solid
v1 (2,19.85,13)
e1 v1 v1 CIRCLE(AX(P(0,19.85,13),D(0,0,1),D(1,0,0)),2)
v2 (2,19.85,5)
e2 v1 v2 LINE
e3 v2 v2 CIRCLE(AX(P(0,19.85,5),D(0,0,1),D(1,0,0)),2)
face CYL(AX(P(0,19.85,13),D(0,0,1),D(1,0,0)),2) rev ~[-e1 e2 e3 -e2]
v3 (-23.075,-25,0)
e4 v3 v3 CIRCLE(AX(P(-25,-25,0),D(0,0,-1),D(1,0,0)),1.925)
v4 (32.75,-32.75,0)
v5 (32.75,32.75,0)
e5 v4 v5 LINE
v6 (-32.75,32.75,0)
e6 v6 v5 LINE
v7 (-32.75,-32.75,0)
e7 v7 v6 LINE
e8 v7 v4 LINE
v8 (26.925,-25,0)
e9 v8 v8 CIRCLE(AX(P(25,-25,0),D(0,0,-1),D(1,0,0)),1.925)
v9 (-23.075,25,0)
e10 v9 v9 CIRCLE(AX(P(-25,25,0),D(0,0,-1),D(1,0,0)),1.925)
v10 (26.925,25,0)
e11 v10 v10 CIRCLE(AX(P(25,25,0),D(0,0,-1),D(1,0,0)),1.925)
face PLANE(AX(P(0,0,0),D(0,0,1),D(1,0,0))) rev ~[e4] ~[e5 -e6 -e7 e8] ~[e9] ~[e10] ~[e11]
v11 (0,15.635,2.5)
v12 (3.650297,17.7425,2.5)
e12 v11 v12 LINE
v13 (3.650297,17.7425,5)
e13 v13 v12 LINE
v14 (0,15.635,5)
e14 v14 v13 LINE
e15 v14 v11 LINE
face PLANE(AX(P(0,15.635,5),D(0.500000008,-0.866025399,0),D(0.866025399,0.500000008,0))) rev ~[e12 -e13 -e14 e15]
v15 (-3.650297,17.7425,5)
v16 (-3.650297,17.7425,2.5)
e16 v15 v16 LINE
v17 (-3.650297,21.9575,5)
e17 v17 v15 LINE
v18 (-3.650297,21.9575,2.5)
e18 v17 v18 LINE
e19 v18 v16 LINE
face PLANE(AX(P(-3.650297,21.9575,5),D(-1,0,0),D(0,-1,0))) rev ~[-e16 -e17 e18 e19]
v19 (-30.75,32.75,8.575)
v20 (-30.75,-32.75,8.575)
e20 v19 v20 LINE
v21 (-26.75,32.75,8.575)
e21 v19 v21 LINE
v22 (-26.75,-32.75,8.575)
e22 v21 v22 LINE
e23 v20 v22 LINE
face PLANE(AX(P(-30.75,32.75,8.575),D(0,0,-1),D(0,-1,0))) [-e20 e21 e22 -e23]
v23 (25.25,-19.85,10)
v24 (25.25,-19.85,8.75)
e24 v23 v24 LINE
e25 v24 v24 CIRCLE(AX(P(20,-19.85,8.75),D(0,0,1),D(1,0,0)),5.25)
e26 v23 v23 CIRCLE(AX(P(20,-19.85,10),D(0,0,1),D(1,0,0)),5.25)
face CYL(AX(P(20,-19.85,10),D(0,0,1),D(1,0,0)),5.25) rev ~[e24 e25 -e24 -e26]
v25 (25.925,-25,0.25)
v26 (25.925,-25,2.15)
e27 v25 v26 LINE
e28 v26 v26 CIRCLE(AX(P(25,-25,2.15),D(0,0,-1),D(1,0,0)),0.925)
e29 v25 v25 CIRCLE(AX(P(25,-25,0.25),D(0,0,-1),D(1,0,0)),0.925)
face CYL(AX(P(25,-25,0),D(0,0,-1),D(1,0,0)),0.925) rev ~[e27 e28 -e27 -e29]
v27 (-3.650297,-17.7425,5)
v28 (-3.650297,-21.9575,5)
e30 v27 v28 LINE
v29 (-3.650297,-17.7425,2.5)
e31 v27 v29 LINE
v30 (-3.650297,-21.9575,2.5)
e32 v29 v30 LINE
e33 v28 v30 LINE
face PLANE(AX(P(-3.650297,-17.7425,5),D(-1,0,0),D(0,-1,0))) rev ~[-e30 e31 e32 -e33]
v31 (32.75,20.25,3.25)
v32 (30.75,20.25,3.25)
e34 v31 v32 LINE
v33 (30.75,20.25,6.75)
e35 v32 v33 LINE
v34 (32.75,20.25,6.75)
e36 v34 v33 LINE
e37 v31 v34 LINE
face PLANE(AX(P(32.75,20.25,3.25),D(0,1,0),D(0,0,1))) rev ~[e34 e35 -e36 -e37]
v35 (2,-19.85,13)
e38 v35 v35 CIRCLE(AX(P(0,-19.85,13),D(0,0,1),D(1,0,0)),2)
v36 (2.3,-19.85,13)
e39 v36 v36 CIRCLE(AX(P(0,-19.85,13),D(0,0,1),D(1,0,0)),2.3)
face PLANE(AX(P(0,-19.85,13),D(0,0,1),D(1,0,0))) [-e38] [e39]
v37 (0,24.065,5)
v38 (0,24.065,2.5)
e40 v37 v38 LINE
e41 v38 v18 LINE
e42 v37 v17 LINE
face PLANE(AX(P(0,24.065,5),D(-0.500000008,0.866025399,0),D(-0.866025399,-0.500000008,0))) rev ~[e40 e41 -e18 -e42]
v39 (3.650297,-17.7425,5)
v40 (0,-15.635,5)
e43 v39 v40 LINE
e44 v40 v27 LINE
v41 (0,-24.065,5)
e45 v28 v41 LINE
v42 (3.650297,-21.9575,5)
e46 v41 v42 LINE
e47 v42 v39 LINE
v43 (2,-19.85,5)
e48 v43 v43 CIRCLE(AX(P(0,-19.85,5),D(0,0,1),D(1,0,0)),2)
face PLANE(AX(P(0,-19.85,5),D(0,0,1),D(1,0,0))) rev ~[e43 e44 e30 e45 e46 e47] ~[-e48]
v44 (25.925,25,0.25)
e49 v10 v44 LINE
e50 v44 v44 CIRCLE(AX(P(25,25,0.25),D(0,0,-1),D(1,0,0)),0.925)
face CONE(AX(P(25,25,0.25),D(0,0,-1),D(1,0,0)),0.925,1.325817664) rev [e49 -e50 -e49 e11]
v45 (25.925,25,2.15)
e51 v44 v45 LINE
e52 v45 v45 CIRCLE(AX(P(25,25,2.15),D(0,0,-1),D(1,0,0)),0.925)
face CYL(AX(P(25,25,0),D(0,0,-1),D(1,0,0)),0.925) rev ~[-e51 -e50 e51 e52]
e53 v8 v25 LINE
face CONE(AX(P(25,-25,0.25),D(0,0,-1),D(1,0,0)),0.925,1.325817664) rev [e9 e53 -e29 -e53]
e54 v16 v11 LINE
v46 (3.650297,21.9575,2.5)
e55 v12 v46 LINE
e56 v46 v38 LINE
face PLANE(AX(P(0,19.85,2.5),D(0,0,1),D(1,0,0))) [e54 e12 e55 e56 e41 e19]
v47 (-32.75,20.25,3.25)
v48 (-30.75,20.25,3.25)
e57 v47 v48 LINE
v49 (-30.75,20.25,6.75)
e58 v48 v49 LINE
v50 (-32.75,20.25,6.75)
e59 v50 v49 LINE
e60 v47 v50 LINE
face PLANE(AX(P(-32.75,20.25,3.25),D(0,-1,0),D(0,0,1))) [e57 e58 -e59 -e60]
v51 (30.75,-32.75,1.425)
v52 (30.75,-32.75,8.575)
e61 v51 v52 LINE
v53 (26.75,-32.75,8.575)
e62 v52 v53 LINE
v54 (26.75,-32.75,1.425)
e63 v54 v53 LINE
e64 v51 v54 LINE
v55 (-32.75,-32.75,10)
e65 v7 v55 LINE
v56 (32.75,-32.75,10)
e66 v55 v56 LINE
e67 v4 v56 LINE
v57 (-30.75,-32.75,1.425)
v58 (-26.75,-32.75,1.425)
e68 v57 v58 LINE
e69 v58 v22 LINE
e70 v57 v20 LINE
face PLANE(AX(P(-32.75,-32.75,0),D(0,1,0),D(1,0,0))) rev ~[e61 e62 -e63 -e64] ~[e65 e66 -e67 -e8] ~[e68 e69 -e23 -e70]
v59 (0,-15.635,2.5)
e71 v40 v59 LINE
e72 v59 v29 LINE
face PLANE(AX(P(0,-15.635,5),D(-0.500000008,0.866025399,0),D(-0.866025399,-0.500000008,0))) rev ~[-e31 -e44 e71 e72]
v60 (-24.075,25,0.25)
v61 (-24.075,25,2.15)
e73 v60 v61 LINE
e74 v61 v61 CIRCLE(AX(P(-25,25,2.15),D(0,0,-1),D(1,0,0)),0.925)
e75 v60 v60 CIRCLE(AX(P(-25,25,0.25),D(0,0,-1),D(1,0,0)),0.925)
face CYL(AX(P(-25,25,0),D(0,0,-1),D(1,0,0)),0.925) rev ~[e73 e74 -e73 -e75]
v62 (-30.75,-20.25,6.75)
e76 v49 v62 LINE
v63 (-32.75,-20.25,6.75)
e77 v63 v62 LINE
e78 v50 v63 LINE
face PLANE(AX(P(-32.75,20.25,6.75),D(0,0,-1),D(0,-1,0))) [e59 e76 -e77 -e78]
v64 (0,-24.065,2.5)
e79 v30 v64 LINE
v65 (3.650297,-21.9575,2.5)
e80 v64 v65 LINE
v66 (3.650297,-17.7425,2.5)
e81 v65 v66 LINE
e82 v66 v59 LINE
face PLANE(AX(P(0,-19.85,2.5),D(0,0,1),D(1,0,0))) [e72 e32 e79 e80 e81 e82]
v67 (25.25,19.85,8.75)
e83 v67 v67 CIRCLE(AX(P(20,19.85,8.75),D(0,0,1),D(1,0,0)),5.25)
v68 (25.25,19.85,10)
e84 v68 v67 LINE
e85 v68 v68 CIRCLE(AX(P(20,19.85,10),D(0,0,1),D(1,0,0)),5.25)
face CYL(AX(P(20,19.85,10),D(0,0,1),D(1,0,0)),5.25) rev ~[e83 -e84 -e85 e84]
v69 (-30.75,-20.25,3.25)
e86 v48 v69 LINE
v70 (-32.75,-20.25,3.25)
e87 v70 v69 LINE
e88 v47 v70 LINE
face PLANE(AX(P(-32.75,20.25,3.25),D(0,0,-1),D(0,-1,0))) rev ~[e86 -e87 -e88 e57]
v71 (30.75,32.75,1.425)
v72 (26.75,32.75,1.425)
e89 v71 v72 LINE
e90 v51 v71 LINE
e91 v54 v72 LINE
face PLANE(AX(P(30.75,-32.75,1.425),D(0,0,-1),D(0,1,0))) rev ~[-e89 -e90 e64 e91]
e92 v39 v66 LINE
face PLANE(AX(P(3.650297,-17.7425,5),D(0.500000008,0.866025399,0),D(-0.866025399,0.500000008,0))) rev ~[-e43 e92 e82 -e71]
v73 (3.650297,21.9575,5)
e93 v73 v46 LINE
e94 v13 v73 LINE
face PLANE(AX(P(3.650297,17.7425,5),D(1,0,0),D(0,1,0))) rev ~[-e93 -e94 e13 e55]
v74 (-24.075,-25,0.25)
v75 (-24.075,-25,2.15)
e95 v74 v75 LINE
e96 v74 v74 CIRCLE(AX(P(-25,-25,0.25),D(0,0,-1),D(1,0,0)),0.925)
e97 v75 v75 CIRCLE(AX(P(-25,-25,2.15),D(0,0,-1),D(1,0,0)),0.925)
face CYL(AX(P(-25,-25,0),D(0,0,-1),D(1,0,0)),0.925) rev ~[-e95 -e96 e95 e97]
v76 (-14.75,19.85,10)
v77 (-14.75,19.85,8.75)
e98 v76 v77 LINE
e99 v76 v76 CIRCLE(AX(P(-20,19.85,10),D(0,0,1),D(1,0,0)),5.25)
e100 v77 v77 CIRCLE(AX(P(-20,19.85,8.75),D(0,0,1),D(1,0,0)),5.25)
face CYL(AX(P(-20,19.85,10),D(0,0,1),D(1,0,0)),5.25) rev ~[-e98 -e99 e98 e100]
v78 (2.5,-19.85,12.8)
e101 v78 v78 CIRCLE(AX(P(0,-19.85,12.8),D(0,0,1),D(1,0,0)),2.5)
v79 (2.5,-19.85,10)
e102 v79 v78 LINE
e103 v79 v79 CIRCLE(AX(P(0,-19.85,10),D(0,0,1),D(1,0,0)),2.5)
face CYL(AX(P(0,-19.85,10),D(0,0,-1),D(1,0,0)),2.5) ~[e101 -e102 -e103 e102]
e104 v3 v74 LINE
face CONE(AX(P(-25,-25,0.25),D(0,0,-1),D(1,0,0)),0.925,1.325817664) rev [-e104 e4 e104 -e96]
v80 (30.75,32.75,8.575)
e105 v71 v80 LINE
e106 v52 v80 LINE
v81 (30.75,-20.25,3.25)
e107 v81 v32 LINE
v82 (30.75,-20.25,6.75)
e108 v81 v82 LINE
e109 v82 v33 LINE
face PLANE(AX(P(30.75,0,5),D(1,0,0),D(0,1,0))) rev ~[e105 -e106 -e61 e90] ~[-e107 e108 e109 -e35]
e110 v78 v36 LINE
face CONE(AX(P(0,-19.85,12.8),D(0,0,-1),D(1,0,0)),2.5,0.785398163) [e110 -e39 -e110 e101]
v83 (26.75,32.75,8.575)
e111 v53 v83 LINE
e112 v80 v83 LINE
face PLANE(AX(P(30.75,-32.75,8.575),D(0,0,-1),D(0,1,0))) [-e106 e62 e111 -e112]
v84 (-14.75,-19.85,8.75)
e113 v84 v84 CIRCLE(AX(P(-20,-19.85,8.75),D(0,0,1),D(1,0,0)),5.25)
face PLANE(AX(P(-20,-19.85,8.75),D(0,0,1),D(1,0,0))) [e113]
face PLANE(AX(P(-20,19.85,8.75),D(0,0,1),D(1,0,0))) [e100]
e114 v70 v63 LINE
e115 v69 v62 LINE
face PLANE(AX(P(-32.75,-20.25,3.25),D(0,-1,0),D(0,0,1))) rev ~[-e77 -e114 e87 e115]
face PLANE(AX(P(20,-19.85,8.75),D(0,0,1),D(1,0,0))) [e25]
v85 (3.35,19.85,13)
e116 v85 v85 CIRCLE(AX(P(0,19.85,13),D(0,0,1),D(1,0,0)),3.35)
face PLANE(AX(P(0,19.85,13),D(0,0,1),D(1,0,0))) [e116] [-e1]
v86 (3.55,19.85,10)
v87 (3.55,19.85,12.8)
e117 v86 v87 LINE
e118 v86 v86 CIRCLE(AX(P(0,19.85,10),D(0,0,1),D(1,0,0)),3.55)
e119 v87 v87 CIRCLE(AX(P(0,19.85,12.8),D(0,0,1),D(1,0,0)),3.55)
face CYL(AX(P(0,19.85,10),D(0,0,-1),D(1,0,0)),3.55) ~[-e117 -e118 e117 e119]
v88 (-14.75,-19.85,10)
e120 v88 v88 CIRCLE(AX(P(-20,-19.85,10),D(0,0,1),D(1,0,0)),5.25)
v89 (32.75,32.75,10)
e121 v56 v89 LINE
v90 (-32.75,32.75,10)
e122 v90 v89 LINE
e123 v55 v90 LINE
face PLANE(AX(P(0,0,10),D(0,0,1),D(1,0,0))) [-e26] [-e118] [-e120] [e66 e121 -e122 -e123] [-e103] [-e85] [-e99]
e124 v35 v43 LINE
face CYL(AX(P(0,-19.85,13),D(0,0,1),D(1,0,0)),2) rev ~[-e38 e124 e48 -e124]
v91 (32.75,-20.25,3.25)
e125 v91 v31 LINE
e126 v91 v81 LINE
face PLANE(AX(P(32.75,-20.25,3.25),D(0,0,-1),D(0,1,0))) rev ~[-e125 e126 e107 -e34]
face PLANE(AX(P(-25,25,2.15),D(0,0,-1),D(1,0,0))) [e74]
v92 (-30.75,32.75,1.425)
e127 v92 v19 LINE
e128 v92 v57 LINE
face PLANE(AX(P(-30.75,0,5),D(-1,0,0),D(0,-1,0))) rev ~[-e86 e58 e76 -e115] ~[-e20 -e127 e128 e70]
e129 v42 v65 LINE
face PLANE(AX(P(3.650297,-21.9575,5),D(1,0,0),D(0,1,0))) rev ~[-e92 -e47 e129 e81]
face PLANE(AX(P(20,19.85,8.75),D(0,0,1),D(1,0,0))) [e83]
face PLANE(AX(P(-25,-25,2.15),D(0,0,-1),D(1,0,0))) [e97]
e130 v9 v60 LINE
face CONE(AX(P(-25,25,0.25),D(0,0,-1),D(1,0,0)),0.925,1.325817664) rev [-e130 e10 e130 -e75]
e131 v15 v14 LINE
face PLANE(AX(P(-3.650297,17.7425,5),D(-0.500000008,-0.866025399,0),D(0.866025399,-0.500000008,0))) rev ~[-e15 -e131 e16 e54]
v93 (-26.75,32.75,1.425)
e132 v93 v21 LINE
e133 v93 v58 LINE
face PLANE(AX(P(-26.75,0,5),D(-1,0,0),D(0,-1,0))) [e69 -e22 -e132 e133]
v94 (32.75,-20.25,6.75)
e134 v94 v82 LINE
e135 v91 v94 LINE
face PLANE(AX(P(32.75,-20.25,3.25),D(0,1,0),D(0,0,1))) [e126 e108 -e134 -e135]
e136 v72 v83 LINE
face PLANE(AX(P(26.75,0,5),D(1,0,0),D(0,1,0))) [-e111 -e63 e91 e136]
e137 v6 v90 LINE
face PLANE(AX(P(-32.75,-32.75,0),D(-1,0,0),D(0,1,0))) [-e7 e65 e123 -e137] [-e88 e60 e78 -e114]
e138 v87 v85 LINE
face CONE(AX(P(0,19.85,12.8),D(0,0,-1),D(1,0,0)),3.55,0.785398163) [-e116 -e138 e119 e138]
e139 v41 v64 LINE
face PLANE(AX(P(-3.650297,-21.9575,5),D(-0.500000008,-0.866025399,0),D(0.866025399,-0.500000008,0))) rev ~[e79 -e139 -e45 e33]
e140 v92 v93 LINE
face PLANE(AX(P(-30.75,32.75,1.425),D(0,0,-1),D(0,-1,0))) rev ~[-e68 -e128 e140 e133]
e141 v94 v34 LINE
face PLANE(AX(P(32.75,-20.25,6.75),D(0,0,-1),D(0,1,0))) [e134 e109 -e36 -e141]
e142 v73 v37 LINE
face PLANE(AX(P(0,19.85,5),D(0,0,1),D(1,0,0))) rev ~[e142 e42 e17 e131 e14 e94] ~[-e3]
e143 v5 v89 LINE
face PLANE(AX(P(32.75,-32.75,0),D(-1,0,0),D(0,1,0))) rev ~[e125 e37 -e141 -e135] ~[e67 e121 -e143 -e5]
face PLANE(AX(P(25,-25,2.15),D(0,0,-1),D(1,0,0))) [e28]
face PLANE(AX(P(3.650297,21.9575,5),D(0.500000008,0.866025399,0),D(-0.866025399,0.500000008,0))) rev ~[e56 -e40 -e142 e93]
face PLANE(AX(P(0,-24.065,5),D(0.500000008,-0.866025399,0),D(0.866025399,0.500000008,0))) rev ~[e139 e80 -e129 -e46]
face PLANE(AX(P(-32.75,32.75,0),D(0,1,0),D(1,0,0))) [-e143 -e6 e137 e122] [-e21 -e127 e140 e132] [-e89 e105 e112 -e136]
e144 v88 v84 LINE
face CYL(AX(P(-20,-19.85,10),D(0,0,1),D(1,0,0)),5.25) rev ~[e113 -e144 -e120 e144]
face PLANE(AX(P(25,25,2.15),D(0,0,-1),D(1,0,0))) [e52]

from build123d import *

# Parameters (mm, degrees)
SKETCH_W         = 65.5
SKETCH_H         = 65.5
PAD_DEPTH        = 10
SKETCH001_R      = 3.55
SKETCH001_R_2    = 2.5
PAD001_DEPTH     = 3
SKETCH002_R      = 2
POCKET_DEPTH     = 8
CHAMFER_SIZE     = 0.2
POCKET001_DEPTH  = 2.5
SKETCH004_W      = 40.5
SKETCH004_H      = 3.5
POCKET002_DEPTH  = 2
SKETCH005_W      = 40.5
SKETCH005_H      = 3.5
POCKET003_DEPTH  = 2
SKETCH006_W      = 65.5
SKETCH006_H      = 7.15
POCKET004_DEPTH  = 4
SKETCH007_W      = 65.5
SKETCH007_H      = 7.15
POCKET005_DEPTH  = 4
SKETCH008_R      = 0.925
POCKET006_DEPTH  = 2.15
CHAMFER001_SIZE2 = 0.25
CHAMFER001_SIZE  = 1
SKETCH009_R      = 5.25
POCKET007_DEPTH  = 1.25


with BuildPart() as part:
    # Sketch → Pad (new body)
    with BuildSketch(Plane.XY):
        Rectangle(SKETCH_W, SKETCH_H)
    extrude(amount=PAD_DEPTH)

    # Sketch001 (on Face6 of Pad) → Pad001 (join)
    with BuildSketch(Plane.XY.offset(10)):
        with Locations((0, 19.85)):
            Circle(SKETCH001_R)
        with Locations((0, -19.85)):
            Circle(SKETCH001_R_2)
    extrude(amount=PAD001_DEPTH)

    # Sketch002 (on Face10 of Pad001) → Pocket (cut)
    with BuildSketch(Plane.XY.offset(13)):
        with Locations((0, 19.85)):
            Circle(SKETCH002_R)
        with Locations((0, -19.85)):
            Circle(SKETCH002_R)
    extrude(amount=-POCKET_DEPTH, mode=Mode.SUBTRACT)

    # Chamfer
    chamfer_edges = [part.edges().sort_by_distance(p)[0] for p in [
        (-3.55, 19.85, 13),
        (-2.5, -19.85, 13),
    ]]
    chamfer(chamfer_edges, length=CHAMFER_SIZE)

    # Sketch003 (on DatumPlane) → Pocket001 (cut)
    with BuildSketch(Plane.XY.offset(5)):
        Polygon((-3.650297, 17.7425), (0, 15.635), (3.650297, 17.7425), (3.650297, 21.9575), (0, 24.065), (-3.650297, 21.9575), align=None)
        Polygon((-3.650297, -21.9575), (0, -24.065), (3.650297, -21.9575), (3.650297, -17.7425), (0, -15.635), (-3.650297, -17.7425), align=None)
    extrude(amount=-POCKET001_DEPTH, mode=Mode.SUBTRACT)

    # Sketch004 (on Face7 of Pocket001) → Pocket002 (cut)
    with BuildSketch(Plane.YZ.offset(32.75)):
        with Locations((0, 5)):
            Rectangle(SKETCH004_W, SKETCH004_H)
    extrude(amount=-POCKET002_DEPTH, mode=Mode.SUBTRACT)

    # Sketch005 (on Face6 of Pocket002) → Pocket003 (cut)
    with BuildSketch(Plane(origin=(-32.75, 0, 0), x_dir=(0, -1, 0), z_dir=(-1, 0, 0))):
        with Locations((0, 5)):
            Rectangle(SKETCH005_W, SKETCH005_H)
    extrude(amount=-POCKET003_DEPTH, mode=Mode.SUBTRACT)

    # Sketch006 (on DatumPlane) → Pocket004 (cut)
    with BuildSketch(Plane.YZ.offset(30.75)):
        with Locations((0, 5)):
            Rectangle(SKETCH006_W, SKETCH006_H)
    extrude(amount=-POCKET004_DEPTH, mode=Mode.SUBTRACT)

    # Sketch007 (on DatumPlane) → Pocket005 (cut)
    with BuildSketch(Plane(origin=(-30.75, 0, 0), x_dir=(0, -1, 0), z_dir=(-1, 0, 0))):
        with Locations((0, 5)):
            Rectangle(SKETCH007_W, SKETCH007_H)
    extrude(amount=-POCKET005_DEPTH, mode=Mode.SUBTRACT)

    # Sketch008 (on Face11 of Pocket005) → Pocket006 (cut)
    with BuildSketch(Plane(origin=(0, 0, 0), x_dir=(1, 0, 0), z_dir=(0, 0, -1))):
        with Locations((-25, 25)):
            Circle(SKETCH008_R)
        with Locations((25, 25)):
            Circle(SKETCH008_R)
        with Locations((-25, -25)):
            Circle(SKETCH008_R)
        with Locations((25, -25)):
            Circle(SKETCH008_R)
    extrude(amount=-POCKET006_DEPTH, mode=Mode.SUBTRACT)

    # Chamfer001
    chamfer001_edges = [part.edges().sort_by_distance(p)[0] for p in [
        (-25.925, -25, 0),
        (24.075, -25, 0),
        (-25.925, 25, 0),
        (24.075, 25, 0),
    ]]
    chamfer001_side = part.faces().sort_by_distance((0, 0, 0))[0]
    chamfer(chamfer001_edges, length=CHAMFER001_SIZE, length2=CHAMFER001_SIZE2, reference=chamfer001_side)

    # Sketch009 (on Face11 of Chamfer001) → Pocket007 (cut)
    with BuildSketch(Plane.XY.offset(10)):
        with Locations((-20, 19.85)):
            Circle(SKETCH009_R)
        with Locations((20, 19.85)):
            Circle(SKETCH009_R)
        with Locations((20, -19.85)):
            Circle(SKETCH009_R)
        with Locations((-20, -19.85)):
            Circle(SKETCH009_R)
    extrude(amount=-POCKET007_DEPTH, mode=Mode.SUBTRACT)


solid = part.part
